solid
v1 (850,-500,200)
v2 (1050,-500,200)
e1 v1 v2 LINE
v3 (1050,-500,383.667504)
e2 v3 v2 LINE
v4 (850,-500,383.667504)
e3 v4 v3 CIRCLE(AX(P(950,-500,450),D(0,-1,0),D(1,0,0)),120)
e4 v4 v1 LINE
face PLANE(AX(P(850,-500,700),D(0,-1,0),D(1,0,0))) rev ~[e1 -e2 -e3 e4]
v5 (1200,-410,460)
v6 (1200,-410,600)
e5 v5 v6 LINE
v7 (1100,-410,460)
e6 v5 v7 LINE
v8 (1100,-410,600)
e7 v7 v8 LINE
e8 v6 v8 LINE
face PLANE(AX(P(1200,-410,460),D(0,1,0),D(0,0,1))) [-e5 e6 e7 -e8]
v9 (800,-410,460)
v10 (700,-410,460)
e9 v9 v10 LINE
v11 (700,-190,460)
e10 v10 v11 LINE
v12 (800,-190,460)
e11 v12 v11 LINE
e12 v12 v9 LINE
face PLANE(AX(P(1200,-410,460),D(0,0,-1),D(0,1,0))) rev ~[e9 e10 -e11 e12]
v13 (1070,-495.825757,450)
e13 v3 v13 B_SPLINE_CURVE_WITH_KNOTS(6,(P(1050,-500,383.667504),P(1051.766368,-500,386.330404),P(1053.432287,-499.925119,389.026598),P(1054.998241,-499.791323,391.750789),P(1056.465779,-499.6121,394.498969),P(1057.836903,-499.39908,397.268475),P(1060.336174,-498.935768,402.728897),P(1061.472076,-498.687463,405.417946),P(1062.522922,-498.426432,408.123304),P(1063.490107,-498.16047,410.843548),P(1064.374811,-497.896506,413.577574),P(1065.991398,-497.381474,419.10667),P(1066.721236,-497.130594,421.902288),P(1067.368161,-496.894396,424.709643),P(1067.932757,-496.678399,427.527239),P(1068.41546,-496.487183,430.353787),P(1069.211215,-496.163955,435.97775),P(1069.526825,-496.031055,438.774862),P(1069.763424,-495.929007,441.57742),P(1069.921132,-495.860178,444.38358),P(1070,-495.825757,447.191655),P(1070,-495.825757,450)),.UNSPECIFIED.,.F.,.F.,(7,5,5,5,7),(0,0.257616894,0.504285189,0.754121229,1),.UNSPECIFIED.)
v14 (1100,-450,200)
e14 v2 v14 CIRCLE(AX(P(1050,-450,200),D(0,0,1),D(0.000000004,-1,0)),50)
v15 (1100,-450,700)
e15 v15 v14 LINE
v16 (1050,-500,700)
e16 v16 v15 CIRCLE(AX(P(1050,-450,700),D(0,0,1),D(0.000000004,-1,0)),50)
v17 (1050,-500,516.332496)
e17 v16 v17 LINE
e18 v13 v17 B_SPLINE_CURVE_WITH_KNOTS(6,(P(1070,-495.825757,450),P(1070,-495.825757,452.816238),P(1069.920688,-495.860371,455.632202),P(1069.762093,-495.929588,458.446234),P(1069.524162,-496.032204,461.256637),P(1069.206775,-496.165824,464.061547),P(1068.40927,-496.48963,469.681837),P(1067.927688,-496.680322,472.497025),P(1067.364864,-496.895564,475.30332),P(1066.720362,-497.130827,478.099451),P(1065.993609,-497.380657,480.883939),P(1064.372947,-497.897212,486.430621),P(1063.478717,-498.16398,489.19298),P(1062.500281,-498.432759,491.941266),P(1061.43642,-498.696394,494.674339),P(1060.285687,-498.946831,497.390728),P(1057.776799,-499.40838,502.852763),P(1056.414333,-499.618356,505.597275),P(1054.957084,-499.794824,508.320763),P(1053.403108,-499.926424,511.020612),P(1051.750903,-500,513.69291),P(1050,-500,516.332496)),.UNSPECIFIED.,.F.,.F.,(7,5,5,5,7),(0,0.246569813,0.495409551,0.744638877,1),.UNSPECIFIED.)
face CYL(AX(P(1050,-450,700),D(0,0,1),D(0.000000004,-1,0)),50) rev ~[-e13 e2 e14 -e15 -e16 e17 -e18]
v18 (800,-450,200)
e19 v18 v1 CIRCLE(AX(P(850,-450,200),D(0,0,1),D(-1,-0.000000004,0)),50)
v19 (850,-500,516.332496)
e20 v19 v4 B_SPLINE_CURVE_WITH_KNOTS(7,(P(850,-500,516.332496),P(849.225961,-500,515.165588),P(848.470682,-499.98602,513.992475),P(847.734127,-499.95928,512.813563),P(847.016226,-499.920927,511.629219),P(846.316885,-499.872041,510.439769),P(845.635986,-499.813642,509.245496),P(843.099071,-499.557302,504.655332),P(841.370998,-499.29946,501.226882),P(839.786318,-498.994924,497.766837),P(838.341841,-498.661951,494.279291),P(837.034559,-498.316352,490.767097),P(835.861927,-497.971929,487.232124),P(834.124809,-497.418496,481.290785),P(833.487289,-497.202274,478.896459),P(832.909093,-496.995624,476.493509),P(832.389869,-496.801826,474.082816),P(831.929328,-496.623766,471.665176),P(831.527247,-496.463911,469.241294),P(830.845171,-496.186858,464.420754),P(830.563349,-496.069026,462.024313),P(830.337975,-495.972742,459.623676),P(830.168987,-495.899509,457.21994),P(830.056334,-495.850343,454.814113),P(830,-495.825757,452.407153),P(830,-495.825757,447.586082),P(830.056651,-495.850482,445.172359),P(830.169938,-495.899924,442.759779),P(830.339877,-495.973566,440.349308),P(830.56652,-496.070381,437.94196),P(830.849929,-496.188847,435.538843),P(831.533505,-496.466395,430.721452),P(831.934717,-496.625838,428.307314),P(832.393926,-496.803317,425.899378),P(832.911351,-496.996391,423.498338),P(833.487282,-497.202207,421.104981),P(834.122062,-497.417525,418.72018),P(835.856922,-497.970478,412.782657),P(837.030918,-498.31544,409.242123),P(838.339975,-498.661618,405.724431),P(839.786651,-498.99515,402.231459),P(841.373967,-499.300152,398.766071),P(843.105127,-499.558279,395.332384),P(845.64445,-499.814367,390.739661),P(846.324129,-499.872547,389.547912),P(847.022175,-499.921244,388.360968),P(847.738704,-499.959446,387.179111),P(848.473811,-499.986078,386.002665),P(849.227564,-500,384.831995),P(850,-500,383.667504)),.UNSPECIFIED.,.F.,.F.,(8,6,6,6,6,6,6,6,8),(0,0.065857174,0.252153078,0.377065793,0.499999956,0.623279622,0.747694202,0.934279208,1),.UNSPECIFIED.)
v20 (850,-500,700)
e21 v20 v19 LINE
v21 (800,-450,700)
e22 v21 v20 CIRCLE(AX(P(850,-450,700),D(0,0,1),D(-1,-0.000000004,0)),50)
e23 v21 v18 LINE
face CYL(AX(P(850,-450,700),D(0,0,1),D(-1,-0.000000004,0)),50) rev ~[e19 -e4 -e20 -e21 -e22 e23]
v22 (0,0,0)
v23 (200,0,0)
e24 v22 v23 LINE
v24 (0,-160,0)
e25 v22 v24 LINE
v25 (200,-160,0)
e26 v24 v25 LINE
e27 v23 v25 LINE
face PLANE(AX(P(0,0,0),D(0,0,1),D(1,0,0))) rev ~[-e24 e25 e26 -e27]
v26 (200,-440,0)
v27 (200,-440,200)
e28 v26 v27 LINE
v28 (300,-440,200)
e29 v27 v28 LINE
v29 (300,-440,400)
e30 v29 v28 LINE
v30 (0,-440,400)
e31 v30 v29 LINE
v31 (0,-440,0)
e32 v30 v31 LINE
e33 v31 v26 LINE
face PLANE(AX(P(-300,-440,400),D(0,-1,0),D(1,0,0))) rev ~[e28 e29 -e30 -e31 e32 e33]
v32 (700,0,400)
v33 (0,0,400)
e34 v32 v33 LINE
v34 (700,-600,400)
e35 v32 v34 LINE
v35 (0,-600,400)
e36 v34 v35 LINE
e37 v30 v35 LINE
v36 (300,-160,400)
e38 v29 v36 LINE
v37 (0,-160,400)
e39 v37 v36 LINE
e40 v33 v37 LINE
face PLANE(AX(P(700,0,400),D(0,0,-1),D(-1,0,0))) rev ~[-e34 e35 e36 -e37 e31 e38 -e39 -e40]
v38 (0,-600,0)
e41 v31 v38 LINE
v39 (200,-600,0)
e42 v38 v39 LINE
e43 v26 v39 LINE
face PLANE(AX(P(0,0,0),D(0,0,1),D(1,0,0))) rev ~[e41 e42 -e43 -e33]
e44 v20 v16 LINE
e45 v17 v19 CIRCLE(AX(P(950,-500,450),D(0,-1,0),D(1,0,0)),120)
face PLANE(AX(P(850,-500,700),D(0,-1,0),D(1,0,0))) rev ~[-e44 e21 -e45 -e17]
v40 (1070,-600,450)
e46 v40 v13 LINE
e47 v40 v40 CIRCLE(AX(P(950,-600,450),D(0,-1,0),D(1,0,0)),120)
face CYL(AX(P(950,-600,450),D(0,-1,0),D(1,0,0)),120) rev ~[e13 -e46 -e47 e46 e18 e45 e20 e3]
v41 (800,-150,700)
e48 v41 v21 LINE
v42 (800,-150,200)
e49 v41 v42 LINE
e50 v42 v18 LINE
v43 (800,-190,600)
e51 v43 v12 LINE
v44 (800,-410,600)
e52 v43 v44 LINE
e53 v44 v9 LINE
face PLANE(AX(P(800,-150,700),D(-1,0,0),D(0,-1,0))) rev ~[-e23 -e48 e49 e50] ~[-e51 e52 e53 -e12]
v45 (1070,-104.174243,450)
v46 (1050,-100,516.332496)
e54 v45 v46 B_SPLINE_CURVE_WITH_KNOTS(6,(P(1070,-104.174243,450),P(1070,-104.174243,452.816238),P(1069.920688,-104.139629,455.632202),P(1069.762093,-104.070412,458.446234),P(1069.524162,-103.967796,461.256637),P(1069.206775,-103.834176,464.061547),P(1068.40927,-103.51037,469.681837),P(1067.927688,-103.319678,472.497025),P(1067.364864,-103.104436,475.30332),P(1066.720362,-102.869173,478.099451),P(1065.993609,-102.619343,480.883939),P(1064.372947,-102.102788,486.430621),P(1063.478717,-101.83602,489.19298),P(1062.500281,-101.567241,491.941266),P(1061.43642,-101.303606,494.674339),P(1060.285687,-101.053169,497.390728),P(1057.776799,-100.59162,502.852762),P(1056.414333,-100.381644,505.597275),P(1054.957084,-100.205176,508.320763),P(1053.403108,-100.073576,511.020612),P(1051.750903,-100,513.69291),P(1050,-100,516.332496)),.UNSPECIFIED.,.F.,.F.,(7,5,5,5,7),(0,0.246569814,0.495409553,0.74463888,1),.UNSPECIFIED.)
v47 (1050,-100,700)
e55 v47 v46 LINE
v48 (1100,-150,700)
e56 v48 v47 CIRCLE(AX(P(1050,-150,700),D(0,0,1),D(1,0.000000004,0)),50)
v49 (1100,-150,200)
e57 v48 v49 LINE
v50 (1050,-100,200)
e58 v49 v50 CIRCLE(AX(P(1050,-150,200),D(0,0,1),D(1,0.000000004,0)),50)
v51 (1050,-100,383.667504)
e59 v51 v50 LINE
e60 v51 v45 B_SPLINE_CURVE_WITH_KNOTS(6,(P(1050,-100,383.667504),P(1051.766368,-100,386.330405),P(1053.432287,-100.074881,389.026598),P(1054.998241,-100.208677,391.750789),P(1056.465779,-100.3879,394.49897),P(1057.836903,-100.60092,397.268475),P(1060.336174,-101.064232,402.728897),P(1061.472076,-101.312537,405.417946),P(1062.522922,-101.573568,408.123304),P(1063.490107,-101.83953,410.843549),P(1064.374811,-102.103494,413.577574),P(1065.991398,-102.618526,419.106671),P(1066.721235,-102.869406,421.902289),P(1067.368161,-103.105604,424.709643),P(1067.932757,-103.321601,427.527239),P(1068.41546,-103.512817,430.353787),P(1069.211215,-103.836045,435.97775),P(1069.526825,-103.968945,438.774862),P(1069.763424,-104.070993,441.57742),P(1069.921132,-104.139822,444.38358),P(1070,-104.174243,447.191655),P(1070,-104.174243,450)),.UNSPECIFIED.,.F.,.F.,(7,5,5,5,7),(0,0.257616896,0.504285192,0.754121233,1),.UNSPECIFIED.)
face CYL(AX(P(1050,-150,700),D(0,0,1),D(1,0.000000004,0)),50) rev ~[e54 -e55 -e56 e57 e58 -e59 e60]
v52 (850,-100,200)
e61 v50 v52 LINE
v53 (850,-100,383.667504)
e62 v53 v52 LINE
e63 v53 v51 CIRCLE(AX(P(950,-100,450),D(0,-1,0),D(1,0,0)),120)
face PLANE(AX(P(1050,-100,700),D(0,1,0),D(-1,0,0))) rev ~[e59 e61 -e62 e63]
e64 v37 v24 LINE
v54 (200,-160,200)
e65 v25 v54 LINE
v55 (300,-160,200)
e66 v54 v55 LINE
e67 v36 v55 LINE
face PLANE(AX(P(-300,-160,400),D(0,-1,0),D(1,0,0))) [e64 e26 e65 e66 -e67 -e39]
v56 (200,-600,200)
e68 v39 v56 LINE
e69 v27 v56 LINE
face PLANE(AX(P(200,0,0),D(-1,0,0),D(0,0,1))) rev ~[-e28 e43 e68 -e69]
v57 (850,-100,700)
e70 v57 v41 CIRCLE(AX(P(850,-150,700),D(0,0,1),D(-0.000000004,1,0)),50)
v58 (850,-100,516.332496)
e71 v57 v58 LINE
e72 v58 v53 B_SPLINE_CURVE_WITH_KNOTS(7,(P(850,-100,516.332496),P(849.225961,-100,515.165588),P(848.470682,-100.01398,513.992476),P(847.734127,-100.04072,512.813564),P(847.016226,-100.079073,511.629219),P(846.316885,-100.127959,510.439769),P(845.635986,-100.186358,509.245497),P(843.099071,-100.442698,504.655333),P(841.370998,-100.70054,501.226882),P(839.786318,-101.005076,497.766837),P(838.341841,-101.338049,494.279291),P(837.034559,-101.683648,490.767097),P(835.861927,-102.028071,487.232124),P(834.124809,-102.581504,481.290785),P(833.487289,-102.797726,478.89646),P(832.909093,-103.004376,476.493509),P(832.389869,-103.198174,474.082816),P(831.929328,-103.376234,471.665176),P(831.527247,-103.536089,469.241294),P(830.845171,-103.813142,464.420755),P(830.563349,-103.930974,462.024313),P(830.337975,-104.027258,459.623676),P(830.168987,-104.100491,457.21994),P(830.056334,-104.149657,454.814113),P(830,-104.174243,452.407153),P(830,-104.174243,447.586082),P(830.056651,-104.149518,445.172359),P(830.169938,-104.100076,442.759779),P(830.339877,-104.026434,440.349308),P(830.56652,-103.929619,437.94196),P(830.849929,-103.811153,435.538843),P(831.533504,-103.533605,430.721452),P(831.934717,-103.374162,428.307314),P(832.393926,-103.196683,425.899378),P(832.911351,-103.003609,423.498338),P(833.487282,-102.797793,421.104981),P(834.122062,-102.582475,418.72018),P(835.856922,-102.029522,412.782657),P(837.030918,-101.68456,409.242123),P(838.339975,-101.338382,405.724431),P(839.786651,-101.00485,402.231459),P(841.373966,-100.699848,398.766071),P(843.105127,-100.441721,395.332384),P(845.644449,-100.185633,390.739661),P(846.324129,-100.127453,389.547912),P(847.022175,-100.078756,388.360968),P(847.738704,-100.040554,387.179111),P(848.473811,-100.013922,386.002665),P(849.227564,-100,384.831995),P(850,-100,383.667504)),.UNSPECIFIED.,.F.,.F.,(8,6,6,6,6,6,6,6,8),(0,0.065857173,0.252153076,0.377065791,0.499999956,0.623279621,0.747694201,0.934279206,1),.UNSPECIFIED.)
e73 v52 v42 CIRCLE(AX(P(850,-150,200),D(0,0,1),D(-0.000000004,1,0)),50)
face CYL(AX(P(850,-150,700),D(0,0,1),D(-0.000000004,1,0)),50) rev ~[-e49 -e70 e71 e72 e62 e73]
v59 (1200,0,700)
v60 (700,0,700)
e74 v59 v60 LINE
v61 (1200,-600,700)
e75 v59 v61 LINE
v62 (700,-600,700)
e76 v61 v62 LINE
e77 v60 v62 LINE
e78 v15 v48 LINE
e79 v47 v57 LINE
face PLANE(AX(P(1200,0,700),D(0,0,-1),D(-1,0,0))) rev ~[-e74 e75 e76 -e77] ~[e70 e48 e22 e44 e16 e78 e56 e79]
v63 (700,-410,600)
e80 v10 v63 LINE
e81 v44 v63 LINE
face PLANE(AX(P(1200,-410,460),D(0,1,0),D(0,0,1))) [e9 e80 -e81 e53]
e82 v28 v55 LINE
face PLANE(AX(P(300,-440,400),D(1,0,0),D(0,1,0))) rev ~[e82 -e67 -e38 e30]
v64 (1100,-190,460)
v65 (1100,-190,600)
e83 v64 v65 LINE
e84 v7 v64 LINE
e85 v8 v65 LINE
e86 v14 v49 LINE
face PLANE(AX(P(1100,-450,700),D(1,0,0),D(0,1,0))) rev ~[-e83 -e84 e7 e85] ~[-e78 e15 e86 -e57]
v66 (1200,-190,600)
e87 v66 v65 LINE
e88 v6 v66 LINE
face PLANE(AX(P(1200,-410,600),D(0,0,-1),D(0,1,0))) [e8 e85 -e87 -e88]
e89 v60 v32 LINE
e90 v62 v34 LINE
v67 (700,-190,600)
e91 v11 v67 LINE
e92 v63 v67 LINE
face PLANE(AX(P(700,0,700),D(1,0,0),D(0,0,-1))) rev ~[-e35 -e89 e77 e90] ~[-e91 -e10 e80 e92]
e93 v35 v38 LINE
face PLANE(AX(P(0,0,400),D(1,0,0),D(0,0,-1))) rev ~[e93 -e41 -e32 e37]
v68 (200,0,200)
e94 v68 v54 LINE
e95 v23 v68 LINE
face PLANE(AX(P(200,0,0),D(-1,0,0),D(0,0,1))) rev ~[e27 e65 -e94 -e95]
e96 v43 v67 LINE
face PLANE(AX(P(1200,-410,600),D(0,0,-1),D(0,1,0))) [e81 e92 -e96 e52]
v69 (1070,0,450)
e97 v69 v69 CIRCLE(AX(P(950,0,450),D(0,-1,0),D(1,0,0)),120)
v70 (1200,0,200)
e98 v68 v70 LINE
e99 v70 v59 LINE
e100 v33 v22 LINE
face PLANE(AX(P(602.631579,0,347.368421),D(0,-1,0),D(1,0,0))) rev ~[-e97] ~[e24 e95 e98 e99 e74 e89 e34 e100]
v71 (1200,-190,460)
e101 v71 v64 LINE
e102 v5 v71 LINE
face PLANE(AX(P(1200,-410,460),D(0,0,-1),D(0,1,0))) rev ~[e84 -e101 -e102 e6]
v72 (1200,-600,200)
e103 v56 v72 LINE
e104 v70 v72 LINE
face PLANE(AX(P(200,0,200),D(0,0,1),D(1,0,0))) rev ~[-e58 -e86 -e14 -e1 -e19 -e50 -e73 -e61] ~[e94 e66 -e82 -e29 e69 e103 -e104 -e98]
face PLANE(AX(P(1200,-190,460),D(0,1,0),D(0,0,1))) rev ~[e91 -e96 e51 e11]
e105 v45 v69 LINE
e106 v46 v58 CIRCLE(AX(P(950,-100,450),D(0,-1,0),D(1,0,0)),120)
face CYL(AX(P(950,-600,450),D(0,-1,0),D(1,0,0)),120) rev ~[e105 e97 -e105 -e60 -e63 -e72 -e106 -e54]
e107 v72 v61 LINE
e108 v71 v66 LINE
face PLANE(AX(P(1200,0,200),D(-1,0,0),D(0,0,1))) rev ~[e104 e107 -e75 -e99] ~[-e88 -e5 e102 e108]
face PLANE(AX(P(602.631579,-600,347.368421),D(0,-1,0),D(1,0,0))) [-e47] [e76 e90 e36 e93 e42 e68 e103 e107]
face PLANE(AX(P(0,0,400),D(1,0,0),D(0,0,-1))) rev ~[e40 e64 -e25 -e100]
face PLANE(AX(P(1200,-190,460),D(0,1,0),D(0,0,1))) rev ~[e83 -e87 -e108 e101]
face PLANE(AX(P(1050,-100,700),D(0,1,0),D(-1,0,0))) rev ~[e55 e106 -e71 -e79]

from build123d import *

# Parameters (mm, degrees)
F1_DEPTH = 600
F2_W     = 600
F2_H     = 280
F3_DEPTH = 400.001
F4_R     = 120
F5_DEPTH = 600.001
F7_DEPTH = 700.001
F8_W     = 220
F8_H     = 140
F9_DEPTH = 1200.001


with BuildPart() as f1:
    # F0 (on Front) → F1 (new body)
    with BuildSketch(Plane.XZ):
        Polygon((0, 400), (0, 0), (200, 0), (200, 200), (1200, 200), (1200, 700), (700, 700), (700, 400), align=None)
    extrude(amount=F1_DEPTH)

    # F2 (on face) → F3 (cut, through all)
    with BuildSketch(Plane.XY.offset(400)):
        with Locations((0, -300)):
            Rectangle(F2_W, F2_H)
    extrude(amount=-F3_DEPTH, mode=Mode.SUBTRACT)

    # F4 (on face) → F5 (cut, through all)
    with BuildSketch(Plane.XZ.offset(600)):
        with Locations((950, 450)):
            Circle(F4_R)
    extrude(amount=-F5_DEPTH, mode=Mode.SUBTRACT)

    # F6 (on face) → F7 (cut, through all)
    with BuildSketch(Plane.XY.offset(700)):
        with BuildLine():
            Line((850, -500), (1050, -500))
            ThreePointArc((1050, -500), (1085.355339, -485.355339), (1100, -450))
            Line((1100, -450), (1100, -150))
            ThreePointArc((1100, -150), (1085.355339, -114.644661), (1050, -100))
            Line((1050, -100), (850, -100))
            ThreePointArc((850, -100), (814.644661, -114.644661), (800, -150))
            Line((800, -150), (800, -450))
            ThreePointArc((800, -450), (814.644661, -485.355339), (850, -500))
        make_face()
    extrude(amount=-F7_DEPTH, mode=Mode.SUBTRACT)

    # F8 (on face) → F9 (cut, through all)
    with BuildSketch(Plane.YZ.offset(1200)):
        with Locations((-300, 530)):
            Rectangle(F8_W, F8_H)
    extrude(amount=-F9_DEPTH, mode=Mode.SUBTRACT)


solid = f1.part
